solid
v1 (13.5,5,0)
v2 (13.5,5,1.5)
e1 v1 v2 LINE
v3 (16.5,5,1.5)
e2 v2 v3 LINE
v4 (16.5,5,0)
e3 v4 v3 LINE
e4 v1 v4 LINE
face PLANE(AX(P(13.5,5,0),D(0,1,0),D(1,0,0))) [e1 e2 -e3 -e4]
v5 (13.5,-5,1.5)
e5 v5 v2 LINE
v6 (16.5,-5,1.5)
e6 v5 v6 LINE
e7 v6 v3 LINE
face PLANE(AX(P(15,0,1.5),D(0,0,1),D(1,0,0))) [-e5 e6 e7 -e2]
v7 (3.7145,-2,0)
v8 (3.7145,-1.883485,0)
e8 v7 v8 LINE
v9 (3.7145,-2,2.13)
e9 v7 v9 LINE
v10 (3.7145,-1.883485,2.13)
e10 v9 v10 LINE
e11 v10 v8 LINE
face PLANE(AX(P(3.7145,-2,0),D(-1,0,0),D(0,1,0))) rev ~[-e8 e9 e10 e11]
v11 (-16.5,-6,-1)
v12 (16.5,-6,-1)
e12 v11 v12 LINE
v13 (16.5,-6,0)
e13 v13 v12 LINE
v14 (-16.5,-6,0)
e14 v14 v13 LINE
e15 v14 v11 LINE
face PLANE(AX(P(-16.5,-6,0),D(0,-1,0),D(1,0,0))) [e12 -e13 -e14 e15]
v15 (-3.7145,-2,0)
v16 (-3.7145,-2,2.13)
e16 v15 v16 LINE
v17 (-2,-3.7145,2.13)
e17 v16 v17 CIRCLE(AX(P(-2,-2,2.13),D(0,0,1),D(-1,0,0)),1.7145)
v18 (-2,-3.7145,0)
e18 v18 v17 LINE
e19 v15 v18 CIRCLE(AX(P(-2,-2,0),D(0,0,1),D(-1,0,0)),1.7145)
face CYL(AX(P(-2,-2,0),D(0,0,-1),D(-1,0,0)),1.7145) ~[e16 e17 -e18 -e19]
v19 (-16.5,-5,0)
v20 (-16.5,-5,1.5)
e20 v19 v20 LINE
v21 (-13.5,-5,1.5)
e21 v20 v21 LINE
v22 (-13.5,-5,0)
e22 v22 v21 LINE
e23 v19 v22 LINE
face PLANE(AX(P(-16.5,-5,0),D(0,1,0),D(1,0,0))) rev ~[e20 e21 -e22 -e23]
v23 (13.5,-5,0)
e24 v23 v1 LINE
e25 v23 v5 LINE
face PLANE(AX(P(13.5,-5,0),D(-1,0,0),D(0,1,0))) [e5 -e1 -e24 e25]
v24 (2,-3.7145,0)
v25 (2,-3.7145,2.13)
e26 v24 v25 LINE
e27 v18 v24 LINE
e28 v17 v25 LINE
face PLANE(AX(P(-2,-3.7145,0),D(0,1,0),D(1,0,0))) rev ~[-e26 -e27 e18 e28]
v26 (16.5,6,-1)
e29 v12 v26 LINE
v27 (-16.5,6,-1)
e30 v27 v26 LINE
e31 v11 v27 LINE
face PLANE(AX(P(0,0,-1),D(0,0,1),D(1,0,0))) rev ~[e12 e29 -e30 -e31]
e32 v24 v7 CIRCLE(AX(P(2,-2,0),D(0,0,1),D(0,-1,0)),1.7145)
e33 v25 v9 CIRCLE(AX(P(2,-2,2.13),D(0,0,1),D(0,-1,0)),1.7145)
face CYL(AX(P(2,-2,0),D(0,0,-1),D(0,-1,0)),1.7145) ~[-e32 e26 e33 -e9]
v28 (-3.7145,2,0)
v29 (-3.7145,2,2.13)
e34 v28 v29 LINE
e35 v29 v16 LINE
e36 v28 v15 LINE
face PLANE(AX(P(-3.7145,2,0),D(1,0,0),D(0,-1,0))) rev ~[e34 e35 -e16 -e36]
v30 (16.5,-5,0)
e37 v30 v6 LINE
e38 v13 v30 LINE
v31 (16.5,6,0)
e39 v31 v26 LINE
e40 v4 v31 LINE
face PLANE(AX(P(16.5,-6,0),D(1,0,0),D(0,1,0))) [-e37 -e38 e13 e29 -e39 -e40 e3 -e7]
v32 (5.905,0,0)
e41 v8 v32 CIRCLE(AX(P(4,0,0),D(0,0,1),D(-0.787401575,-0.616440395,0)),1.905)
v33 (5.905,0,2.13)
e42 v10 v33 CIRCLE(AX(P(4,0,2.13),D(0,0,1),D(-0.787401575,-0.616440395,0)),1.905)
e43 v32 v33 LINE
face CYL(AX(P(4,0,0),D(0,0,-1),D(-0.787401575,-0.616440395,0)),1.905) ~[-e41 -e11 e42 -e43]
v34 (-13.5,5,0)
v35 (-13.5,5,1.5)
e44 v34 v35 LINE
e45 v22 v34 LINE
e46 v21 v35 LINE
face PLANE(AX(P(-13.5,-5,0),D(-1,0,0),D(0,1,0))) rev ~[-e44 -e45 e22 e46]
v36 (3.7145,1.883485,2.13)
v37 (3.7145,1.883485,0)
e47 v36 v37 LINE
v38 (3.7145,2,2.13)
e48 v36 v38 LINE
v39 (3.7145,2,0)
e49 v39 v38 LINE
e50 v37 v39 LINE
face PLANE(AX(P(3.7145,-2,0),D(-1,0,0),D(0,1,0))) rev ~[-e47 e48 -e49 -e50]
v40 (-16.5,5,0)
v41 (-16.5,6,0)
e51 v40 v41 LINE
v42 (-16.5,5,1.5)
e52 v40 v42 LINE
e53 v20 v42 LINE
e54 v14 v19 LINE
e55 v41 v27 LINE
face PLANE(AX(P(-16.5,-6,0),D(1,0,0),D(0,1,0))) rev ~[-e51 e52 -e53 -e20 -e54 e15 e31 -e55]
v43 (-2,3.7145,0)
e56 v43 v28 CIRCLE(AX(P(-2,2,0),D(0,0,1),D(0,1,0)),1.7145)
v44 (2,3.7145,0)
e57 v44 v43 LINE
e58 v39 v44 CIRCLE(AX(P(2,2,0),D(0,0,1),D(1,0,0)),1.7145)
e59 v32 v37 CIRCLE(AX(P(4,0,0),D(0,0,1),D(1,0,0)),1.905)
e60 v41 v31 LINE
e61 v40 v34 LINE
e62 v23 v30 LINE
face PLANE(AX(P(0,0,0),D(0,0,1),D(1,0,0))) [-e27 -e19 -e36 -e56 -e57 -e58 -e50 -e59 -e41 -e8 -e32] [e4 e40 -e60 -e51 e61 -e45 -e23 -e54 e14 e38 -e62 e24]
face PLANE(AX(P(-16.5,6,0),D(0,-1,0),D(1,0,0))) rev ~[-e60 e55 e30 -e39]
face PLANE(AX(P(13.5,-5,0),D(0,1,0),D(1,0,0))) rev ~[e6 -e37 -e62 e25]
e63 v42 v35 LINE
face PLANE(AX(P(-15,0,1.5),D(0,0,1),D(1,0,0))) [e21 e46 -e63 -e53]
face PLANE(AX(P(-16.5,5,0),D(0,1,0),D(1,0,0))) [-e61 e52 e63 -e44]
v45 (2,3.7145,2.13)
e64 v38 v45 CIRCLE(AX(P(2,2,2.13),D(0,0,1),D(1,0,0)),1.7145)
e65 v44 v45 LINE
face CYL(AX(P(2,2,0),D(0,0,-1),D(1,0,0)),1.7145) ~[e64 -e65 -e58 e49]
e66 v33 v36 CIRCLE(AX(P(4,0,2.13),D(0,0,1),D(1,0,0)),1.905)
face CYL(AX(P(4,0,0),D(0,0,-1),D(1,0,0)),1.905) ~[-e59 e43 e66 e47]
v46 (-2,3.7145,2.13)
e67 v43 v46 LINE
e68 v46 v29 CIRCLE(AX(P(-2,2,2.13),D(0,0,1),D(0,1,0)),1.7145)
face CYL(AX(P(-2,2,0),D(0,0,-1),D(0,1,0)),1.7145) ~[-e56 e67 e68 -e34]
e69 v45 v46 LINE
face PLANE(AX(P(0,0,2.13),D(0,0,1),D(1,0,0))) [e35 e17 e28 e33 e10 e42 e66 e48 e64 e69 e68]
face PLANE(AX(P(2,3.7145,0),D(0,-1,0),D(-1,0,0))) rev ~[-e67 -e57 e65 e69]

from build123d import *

# Parameters (mm, degrees)
F2_W      = 5
F2_H      = 5
F4_DEPTH  = 2.13
F5_DEPTH  = 2.13
F6_W      = 33
F6_H      = 12
F7_DEPTH  = 1
F9_DEPTH  = 2.13
F10_W     = 3
F10_H     = 10
F11_DEPTH = 1.5


with BuildPart() as f4:
    # F2 (on Top) → F4 (new body)
    with BuildSketch(Plane.XY):
        Rectangle(F2_W, F2_H)
    extrude(amount=F4_DEPTH)



with BuildPart() as f5:
    # F3 (on face) → F5 (new body)
    with BuildSketch(Plane.XY):
        with BuildLine():
            ThreePointArc((5.905, 0), (4.6210978184, 1.800906022), (2.5, 1.1743189516))
            Line((2.5, 1.1743189516), (2.5, -1.1743189516))
            ThreePointArc((2.5, -1.1743189516), (4.6210978184, -1.800906022), (5.905, 0))
        make_face()
    extrude(amount=F5_DEPTH)


with BuildPart() as f7:
    # F6 (on face) → F7 (new body)
    with BuildSketch(Plane.XY):
        Rectangle(F6_W, F6_H)
    extrude(amount=-F7_DEPTH)


with BuildPart() as f4_1:
    add(f4.part)

    add(f5.part)  # F9 merges F5

    add(f7.part)  # F9 merges F7
    # F8 (on face) → F9 (join, through all)
    with BuildSketch(Plane.XY):
        with BuildLine():
            Line((2, 3.7145), (-2, 3.7145))
            ThreePointArc((-2, 3.7145), (-3.2123345763, 3.2123345763), (-3.7145, 2))
            Line((-3.7145, 2), (-3.7145, -2))
            ThreePointArc((-3.7145, -2), (-3.2123345763, -3.2123345763), (-2, -3.7145))
            Line((-2, -3.7145), (2, -3.7145))
            ThreePointArc((2, -3.7145), (3.2123345763, -3.2123345763), (3.7145, -2))
            Line((3.7145, -2), (3.7145, 2))
            ThreePointArc((3.7145, 2), (3.2123345763, 3.2123345763), (2, 3.7145))
        make_face()
    extrude(amount=F9_DEPTH)

    # F10 (on face) → F11 (join)
    with BuildSketch(Plane.XY):
        with Locations((-15, 0)):
            Rectangle(F10_W, F10_H)
        with Locations((15, 0)):
            Rectangle(F10_W, F10_H)
    extrude(amount=F11_DEPTH)


solid = f4_1.part
